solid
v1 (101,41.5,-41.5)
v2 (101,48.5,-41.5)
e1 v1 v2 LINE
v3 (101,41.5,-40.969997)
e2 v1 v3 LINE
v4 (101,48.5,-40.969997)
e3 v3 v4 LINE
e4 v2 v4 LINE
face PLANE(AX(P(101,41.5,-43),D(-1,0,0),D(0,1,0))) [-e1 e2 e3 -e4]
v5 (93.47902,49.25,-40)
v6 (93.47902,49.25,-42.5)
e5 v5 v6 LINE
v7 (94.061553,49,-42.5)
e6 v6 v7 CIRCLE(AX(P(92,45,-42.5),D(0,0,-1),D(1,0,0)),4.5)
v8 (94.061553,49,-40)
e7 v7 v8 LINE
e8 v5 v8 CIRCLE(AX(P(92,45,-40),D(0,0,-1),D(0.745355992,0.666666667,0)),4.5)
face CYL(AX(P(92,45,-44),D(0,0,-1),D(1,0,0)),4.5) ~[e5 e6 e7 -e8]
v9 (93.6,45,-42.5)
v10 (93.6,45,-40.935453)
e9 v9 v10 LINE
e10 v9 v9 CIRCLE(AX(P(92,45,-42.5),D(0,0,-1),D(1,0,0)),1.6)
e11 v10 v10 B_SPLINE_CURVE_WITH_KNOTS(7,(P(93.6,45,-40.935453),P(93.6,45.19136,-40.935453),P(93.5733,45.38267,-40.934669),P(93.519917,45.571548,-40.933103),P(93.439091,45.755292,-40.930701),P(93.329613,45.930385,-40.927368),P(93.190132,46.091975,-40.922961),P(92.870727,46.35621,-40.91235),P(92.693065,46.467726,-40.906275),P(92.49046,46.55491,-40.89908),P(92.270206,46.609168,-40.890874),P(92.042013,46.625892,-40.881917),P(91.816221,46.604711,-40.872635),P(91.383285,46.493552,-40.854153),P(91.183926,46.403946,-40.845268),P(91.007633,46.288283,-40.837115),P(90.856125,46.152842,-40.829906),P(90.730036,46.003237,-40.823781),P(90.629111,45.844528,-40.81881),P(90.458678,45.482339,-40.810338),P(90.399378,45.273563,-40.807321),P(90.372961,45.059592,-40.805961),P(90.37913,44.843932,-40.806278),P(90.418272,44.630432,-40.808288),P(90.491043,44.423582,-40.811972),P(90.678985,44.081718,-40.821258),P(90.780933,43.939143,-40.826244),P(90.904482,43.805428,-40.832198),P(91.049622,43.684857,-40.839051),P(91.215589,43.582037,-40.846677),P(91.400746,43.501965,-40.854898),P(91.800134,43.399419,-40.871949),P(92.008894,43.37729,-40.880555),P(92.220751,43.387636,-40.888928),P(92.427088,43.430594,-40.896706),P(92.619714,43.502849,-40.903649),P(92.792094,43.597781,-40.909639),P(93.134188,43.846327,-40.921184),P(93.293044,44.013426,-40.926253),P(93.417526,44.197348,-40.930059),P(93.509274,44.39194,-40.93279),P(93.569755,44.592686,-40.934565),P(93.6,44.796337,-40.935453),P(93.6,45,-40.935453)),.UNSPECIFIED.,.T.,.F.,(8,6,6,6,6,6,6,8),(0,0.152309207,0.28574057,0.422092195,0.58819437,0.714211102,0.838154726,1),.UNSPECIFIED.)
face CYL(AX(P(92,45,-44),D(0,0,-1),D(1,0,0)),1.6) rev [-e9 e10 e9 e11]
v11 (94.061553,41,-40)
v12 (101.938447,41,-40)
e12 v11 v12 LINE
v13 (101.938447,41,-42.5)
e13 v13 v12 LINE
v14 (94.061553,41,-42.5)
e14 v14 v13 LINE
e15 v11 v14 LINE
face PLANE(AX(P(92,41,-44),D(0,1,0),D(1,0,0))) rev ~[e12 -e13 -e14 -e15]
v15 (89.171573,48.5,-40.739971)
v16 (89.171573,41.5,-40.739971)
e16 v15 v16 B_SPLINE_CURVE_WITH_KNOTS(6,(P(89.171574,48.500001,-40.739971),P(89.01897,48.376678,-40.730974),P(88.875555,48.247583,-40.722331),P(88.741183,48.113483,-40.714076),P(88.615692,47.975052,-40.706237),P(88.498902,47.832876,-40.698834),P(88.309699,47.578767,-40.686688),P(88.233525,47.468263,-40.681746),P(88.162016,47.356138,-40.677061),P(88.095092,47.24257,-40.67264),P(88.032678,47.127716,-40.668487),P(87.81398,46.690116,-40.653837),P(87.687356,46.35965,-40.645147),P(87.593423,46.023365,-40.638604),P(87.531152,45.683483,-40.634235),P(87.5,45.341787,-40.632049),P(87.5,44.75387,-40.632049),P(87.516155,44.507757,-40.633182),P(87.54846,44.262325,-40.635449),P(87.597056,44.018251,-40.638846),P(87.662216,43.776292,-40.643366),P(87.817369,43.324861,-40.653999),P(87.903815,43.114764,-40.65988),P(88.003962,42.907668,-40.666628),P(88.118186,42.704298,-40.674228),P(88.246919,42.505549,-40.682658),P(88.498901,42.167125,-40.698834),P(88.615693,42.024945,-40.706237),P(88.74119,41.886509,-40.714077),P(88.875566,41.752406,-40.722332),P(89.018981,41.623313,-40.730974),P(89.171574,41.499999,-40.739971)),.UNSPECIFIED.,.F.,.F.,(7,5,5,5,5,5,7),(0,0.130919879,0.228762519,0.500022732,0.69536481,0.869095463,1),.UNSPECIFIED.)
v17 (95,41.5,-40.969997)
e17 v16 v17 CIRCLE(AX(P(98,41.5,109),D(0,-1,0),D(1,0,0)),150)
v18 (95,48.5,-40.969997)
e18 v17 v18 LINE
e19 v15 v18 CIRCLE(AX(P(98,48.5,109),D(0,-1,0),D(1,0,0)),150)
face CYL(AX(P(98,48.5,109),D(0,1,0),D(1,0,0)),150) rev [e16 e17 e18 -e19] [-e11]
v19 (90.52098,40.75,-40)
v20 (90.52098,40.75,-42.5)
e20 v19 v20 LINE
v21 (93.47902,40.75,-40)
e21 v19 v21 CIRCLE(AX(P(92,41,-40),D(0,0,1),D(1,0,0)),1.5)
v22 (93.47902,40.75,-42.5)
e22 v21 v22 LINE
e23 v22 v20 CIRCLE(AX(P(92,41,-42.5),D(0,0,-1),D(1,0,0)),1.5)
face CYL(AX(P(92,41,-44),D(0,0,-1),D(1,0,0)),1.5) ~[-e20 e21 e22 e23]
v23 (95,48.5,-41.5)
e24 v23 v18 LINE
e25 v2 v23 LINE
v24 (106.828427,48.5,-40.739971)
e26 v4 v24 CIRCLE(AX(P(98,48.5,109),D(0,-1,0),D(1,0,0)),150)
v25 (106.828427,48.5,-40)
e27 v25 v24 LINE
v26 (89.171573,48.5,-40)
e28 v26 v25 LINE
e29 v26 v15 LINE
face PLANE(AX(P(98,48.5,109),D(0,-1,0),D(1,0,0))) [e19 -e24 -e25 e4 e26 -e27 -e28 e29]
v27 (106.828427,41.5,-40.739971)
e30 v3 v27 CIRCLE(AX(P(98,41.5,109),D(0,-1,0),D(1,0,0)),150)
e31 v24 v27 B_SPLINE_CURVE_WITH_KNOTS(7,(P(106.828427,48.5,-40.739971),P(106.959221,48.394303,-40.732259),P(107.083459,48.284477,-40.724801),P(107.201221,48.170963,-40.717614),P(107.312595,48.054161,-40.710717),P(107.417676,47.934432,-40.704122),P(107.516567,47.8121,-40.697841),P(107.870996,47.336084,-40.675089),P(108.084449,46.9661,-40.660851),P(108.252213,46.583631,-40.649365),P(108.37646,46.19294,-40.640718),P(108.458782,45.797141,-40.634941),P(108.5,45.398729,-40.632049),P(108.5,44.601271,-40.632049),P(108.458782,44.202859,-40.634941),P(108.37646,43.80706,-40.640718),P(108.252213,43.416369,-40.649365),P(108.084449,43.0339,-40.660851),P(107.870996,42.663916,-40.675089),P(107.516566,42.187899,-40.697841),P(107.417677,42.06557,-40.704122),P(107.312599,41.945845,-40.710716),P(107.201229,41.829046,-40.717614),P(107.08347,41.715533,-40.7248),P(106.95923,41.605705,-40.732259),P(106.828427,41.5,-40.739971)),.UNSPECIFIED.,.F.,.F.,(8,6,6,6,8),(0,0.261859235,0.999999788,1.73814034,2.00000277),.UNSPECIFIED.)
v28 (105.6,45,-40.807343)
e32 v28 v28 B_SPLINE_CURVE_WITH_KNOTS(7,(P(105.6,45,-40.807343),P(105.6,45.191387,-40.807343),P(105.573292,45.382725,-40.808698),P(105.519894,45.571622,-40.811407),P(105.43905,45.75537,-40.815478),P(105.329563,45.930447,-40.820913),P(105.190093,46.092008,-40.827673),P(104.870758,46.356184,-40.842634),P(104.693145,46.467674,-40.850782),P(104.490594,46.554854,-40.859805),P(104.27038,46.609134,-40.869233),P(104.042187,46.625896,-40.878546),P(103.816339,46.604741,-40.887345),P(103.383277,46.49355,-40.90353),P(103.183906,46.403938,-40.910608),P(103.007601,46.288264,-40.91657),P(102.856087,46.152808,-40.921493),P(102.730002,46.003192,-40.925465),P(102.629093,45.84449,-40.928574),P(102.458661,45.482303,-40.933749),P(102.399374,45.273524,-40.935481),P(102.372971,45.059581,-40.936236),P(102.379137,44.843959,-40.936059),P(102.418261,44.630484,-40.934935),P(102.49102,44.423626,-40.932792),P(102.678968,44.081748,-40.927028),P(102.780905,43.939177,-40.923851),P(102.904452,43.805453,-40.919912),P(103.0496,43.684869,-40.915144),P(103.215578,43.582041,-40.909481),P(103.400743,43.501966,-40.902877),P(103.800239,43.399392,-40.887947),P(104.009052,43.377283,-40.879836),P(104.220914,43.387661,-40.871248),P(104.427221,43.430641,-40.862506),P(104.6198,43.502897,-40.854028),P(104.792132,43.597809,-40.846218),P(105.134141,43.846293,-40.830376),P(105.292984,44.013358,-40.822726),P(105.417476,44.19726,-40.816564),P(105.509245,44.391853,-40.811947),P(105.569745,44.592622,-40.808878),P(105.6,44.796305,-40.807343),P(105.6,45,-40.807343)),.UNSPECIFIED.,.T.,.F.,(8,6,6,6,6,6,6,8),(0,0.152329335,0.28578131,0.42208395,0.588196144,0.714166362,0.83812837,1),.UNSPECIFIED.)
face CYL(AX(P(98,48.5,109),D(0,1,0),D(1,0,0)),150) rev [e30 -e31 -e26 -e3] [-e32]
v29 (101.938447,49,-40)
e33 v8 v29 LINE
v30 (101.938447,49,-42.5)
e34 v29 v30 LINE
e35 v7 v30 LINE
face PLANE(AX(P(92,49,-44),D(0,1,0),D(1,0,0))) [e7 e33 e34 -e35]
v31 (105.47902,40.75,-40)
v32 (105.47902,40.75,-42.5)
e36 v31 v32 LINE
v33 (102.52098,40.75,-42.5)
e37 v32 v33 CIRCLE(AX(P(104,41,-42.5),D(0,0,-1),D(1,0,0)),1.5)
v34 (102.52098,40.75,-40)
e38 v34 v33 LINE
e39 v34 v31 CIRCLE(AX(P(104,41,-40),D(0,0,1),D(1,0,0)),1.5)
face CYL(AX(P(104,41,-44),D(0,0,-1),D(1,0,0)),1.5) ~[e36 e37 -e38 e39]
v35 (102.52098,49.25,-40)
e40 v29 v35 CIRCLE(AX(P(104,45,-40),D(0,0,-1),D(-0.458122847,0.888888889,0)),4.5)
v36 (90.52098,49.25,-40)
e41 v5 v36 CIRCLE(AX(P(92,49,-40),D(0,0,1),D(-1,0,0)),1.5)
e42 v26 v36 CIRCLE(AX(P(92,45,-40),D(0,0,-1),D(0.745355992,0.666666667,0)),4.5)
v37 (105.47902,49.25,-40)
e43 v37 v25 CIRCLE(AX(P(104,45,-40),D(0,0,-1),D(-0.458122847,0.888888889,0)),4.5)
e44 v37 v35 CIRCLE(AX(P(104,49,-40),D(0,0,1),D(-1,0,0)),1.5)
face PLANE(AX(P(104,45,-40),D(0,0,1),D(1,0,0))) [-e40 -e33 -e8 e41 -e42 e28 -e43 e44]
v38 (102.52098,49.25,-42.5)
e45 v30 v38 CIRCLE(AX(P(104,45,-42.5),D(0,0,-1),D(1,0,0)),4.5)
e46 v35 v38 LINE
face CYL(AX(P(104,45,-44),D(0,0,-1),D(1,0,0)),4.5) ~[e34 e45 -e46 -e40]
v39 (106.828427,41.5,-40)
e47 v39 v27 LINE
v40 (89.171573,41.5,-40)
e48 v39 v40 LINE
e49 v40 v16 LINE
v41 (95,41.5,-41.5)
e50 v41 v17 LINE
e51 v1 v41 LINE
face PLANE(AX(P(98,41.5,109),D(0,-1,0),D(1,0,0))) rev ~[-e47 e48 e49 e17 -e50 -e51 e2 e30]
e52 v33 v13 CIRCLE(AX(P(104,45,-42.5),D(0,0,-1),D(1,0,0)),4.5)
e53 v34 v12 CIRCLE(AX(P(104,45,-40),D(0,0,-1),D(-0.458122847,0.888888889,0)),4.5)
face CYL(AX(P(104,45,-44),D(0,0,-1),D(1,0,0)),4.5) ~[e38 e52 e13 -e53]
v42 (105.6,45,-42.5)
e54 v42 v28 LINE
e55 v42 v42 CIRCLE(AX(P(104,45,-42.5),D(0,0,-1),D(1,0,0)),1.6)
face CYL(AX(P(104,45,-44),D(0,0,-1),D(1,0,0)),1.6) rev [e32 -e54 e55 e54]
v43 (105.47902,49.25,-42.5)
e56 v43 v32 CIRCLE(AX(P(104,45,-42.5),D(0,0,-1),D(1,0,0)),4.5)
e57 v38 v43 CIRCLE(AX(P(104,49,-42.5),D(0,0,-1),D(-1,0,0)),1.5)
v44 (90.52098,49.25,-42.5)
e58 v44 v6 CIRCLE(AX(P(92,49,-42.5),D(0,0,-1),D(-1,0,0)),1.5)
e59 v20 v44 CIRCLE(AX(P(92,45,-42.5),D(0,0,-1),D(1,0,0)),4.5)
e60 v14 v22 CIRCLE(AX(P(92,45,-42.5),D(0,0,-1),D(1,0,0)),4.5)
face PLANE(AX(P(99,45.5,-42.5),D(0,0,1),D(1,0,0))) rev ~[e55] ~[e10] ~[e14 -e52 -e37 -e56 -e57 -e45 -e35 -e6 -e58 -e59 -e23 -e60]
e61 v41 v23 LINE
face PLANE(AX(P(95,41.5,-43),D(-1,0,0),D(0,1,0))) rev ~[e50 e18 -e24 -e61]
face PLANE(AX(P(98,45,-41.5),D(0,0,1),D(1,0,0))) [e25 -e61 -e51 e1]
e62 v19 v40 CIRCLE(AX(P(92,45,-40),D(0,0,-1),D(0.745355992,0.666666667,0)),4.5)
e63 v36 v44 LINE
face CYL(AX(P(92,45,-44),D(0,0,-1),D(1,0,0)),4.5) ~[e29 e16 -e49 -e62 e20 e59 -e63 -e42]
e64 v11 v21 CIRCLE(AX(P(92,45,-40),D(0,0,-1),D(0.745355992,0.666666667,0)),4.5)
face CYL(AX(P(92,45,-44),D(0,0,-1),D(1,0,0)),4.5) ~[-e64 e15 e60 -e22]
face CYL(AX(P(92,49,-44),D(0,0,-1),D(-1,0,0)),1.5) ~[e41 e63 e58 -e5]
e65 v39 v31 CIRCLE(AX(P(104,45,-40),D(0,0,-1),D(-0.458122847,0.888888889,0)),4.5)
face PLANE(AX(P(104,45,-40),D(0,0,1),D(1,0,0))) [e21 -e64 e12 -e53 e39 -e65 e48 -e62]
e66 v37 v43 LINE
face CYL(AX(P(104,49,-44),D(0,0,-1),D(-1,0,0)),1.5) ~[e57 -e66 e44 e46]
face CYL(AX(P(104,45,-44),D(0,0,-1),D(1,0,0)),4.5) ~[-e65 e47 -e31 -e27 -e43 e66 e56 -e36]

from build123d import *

# Parameters (mm, degrees)
BOX016_W               = 8
BOX016_H               = 8
BOX016_DEPTH           = 1
BOX015_W               = 26
BOX015_H               = 13
BOX015_DEPTH           = 1.5
BOX457_W               = 6
BOX457_H               = 7
BOX457_DEPTH           = 3
CYLINDER008_R          = 150
CYLINDER008_DEPTH      = 7
CYLINDER008_ROLL_ANGLE = 90
CYLINDER006_R          = 1.6
CYLINDER006_DEPTH      = 10
CYLINDER007_R          = 1.6
CYLINDER007_DEPTH      = 10
BOX008_W               = 10
BOX008_H               = 10
BOX008_DEPTH           = 10
CYLINDER005_R          = 1.5
CYLINDER005_DEPTH      = 4
CUT003_PLACEMENT_ANGLE = 180
BOX007_W               = 10
BOX007_H               = 10
BOX007_DEPTH           = 10
CYLINDER682_R          = 1.5
CYLINDER682_DEPTH      = 4
CUT002_PLACEMENT_ANGLE = 180
BOX006_W               = 10
BOX006_H               = 10
BOX006_DEPTH           = 10
CYLINDER003_R          = 1.5
CYLINDER003_DEPTH      = 4
BOX005_W               = 10
BOX005_H               = 10
BOX005_DEPTH           = 10
CYLINDER002_R          = 1.5
CYLINDER002_DEPTH      = 4
BOX456_W               = 12
BOX456_H               = 0.5
BOX456_DEPTH           = 1
BOX004_W               = 12
BOX004_H               = 0.5
BOX004_DEPTH           = 1
BOX455_W               = 12
BOX455_H               = 1
BOX455_DEPTH           = 4
BOX454_W               = 12
BOX454_H               = 1
BOX454_DEPTH           = 4
CYLINDER001_R          = 4.5
CYLINDER001_DEPTH      = 4
CYLINDER681_R          = 4.5
CYLINDER681_DEPTH      = 4
BOX453_W               = 12
BOX453_H               = 8
BOX453_DEPTH           = 1


with BuildPart() as box016:
    # Box016 → Box016 (new body)
    with BuildSketch(Plane(origin=(2, -4, 0), x_dir=(1, 0, 0), z_dir=(0, 0, 1))):
        with Locations((4, 4)):
            Rectangle(BOX016_W, BOX016_H)
    extrude(amount=BOX016_DEPTH)


with BuildPart() as box015:
    # Box015 → Box015 (new body)
    with BuildSketch(Plane(origin=(-6, -6, 0), x_dir=(1, 0, 0), z_dir=(0, 0, 1))):
        with Locations((13, 6.5)):
            Rectangle(BOX015_W, BOX015_H)
    extrude(amount=BOX015_DEPTH)


with BuildPart() as box457:
    # Box457 → Box457 (new body)
    with BuildSketch(Plane(origin=(3, -3.5, 1), x_dir=(1, 0, 0), z_dir=(0, 0, 1))):
        with Locations((3, 3.5)):
            Rectangle(BOX457_W, BOX457_H)
    extrude(amount=BOX457_DEPTH)


with BuildPart() as cylinder008:
    # Cylinder008 → Cylinder008 (new body)
    with BuildSketch(Plane.XY):
        Circle(CYLINDER008_R)
    extrude(amount=CYLINDER008_DEPTH)


with BuildPart() as cylinder008_1:
    # Cylinder008 roll: moved
    add(cylinder008.part.rotate(Axis((0, 0, 0), (1, 0, 0)), CYLINDER008_ROLL_ANGLE))


with BuildPart() as cylinder008_2:
    # Cylinder008 placement: moved
    add(cylinder008_1.part.moved(Location((6, 3.5, 153))))


with BuildPart() as cylinder006:
    # Cylinder006 → Cylinder006 (new body)
    with BuildSketch(Plane.XY):
        Circle(CYLINDER006_R)
    extrude(amount=CYLINDER006_DEPTH)


with BuildPart() as fusion004:
    # Cylinder007 → Cylinder007 (new body)
    with BuildSketch(Plane(origin=(12, 0, 0), x_dir=(1, 0, 0), z_dir=(0, 0, 1))):
        Circle(CYLINDER007_R)
    extrude(amount=CYLINDER007_DEPTH)

    # Fusion004: union Cylinder006
    add(cylinder006.part)


with BuildPart() as box008:
    # Box008 → Box008 (new body)
    with BuildSketch(Plane(origin=(-5, 0, 0), x_dir=(1, 0, 0), z_dir=(0, 0, 1))):
        with Locations((5, 5)):
            Rectangle(BOX008_W, BOX008_H)
    extrude(amount=BOX008_DEPTH)


with BuildPart() as cut003:
    # Cylinder005 → Cylinder005 (new body)
    with BuildSketch(Plane.XY):
        Circle(CYLINDER005_R)
    extrude(amount=CYLINDER005_DEPTH)

    # Cut003: cut Box008
    add(box008.part, mode=Mode.SUBTRACT)


with BuildPart() as cut003_1:
    # Cut003 placement: moved
    add(cut003.part.moved(Location((12, 4, 0))).rotate(Axis((12, 4, 0), (0, 0, 1)), CUT003_PLACEMENT_ANGLE))


with BuildPart() as box007:
    # Box007 → Box007 (new body)
    with BuildSketch(Plane(origin=(-5, 0, 0), x_dir=(1, 0, 0), z_dir=(0, 0, 1))):
        with Locations((5, 5)):
            Rectangle(BOX007_W, BOX007_H)
    extrude(amount=BOX007_DEPTH)


with BuildPart() as cut002:
    # Cylinder682 → Cylinder682 (new body)
    with BuildSketch(Plane.XY):
        Circle(CYLINDER682_R)
    extrude(amount=CYLINDER682_DEPTH)

    # Cut002: cut Box007
    add(box007.part, mode=Mode.SUBTRACT)


with BuildPart() as cut002_1:
    # Cut002 placement: moved
    add(cut002.part.moved(Location((0, 4, 0))).rotate(Axis((0, 4, 0), (0, 0, 1)), CUT002_PLACEMENT_ANGLE))


with BuildPart() as box006:
    # Box006 → Box006 (new body)
    with BuildSketch(Plane(origin=(-5, 0, 0), x_dir=(1, 0, 0), z_dir=(0, 0, 1))):
        with Locations((5, 5)):
            Rectangle(BOX006_W, BOX006_H)
    extrude(amount=BOX006_DEPTH)


with BuildPart() as cut860:
    # Cylinder003 → Cylinder003 (new body)
    with BuildSketch(Plane.XY):
        Circle(CYLINDER003_R)
    extrude(amount=CYLINDER003_DEPTH)

    # Cut572: cut Box006
    add(box006.part, mode=Mode.SUBTRACT)


with BuildPart() as cut860_1:
    # Cut572 placement: moved
    add(cut860.part.moved(Location((12, -4, 0))))


with BuildPart() as box005:
    # Box005 → Box005 (new body)
    with BuildSketch(Plane(origin=(-5, 0, 0), x_dir=(1, 0, 0), z_dir=(0, 0, 1))):
        with Locations((5, 5)):
            Rectangle(BOX005_W, BOX005_H)
    extrude(amount=BOX005_DEPTH)


with BuildPart() as cut859:
    # Cylinder002 → Cylinder002 (new body)
    with BuildSketch(Plane.XY):
        Circle(CYLINDER002_R)
    extrude(amount=CYLINDER002_DEPTH)

    # Cut571: cut Box005
    add(box005.part, mode=Mode.SUBTRACT)


with BuildPart() as cut859_1:
    # Cut571 placement: moved
    add(cut859.part.moved(Location((0, -4, 0))))


with BuildPart() as box456:
    # Box456 → Box456 (new body)
    with BuildSketch(Plane(origin=(0, 3.5, 3), x_dir=(1, 0, 0), z_dir=(0, 0, 1))):
        with Locations((6, 0.25)):
            Rectangle(BOX456_W, BOX456_H)
    extrude(amount=BOX456_DEPTH)


with BuildPart() as box004:
    # Box004 → Box004 (new body)
    with BuildSketch(Plane(origin=(0, -4, 3), x_dir=(1, 0, 0), z_dir=(0, 0, 1))):
        with Locations((6, 0.25)):
            Rectangle(BOX004_W, BOX004_H)
    extrude(amount=BOX004_DEPTH)


with BuildPart() as box455:
    # Box455 → Box455 (new body)
    with BuildSketch(Plane(origin=(0, 3, 0), x_dir=(1, 0, 0), z_dir=(0, 0, 1))):
        with Locations((6, 0.5)):
            Rectangle(BOX455_W, BOX455_H)
    extrude(amount=BOX455_DEPTH)


with BuildPart() as box454:
    # Box454 → Box454 (new body)
    with BuildSketch(Plane(origin=(0, -4, 0), x_dir=(1, 0, 0), z_dir=(0, 0, 1))):
        with Locations((6, 0.5)):
            Rectangle(BOX454_W, BOX454_H)
    extrude(amount=BOX454_DEPTH)


with BuildPart() as cylinder001:
    # Cylinder001 → Cylinder001 (new body)
    with BuildSketch(Plane(origin=(12, 0, 0), x_dir=(1, 0, 0), z_dir=(0, 0, 1))):
        Circle(CYLINDER001_R)
    extrude(amount=CYLINDER001_DEPTH)


with BuildPart() as cylinder798:
    # Cylinder681 → Cylinder681 (new body)
    with BuildSketch(Plane.XY):
        Circle(CYLINDER681_R)
    extrude(amount=CYLINDER681_DEPTH)


with BuildPart() as leafspring_spacer_front_left:
    # Box453 → Box453 (new body)
    with BuildSketch(Plane(origin=(0, -4, 0), x_dir=(1, 0, 0), z_dir=(0, 0, 1))):
        with Locations((6, 4)):
            Rectangle(BOX453_W, BOX453_H)
    extrude(amount=BOX453_DEPTH)

    # Fusion453: union Cylinder001, Cylinder798
    add(cylinder001.part)
    add(cylinder798.part)

    # Fusion001: union Box455, Box454
    add(box455.part)
    add(box454.part)

    # Fusion002: union Box456, Box004
    add(box456.part)
    add(box004.part)

    # Fusion003: union Cut003, Cut002, Cut860, Cut859
    add(cut003_1.part)
    add(cut002_1.part)
    add(cut860_1.part)
    add(cut859_1.part)

    # Cut004: cut Fusion004
    add(fusion004.part, mode=Mode.SUBTRACT)

    # Cut005: cut Cylinder008
    add(cylinder008_2.part, mode=Mode.SUBTRACT)

    # Cut006: cut Box457
    add(box457.part, mode=Mode.SUBTRACT)

    # Cut012: cut Box015
    add(box015.part, mode=Mode.SUBTRACT)


with BuildPart() as leafspring_spacer_front_left_1:
    # Cut012 placement: moved
    add(leafspring_spacer_front_left.part.moved(Location((0, 0, -1.5))))

    # Fusion008: union Box016
    add(box016.part)


with BuildPart() as leafspring_spacer_front_left_2:
    # Fusion008 placement: moved
    add(leafspring_spacer_front_left_1.part.moved(Location((92, 45, -42.5))))


solid = leafspring_spacer_front_left_2.part
